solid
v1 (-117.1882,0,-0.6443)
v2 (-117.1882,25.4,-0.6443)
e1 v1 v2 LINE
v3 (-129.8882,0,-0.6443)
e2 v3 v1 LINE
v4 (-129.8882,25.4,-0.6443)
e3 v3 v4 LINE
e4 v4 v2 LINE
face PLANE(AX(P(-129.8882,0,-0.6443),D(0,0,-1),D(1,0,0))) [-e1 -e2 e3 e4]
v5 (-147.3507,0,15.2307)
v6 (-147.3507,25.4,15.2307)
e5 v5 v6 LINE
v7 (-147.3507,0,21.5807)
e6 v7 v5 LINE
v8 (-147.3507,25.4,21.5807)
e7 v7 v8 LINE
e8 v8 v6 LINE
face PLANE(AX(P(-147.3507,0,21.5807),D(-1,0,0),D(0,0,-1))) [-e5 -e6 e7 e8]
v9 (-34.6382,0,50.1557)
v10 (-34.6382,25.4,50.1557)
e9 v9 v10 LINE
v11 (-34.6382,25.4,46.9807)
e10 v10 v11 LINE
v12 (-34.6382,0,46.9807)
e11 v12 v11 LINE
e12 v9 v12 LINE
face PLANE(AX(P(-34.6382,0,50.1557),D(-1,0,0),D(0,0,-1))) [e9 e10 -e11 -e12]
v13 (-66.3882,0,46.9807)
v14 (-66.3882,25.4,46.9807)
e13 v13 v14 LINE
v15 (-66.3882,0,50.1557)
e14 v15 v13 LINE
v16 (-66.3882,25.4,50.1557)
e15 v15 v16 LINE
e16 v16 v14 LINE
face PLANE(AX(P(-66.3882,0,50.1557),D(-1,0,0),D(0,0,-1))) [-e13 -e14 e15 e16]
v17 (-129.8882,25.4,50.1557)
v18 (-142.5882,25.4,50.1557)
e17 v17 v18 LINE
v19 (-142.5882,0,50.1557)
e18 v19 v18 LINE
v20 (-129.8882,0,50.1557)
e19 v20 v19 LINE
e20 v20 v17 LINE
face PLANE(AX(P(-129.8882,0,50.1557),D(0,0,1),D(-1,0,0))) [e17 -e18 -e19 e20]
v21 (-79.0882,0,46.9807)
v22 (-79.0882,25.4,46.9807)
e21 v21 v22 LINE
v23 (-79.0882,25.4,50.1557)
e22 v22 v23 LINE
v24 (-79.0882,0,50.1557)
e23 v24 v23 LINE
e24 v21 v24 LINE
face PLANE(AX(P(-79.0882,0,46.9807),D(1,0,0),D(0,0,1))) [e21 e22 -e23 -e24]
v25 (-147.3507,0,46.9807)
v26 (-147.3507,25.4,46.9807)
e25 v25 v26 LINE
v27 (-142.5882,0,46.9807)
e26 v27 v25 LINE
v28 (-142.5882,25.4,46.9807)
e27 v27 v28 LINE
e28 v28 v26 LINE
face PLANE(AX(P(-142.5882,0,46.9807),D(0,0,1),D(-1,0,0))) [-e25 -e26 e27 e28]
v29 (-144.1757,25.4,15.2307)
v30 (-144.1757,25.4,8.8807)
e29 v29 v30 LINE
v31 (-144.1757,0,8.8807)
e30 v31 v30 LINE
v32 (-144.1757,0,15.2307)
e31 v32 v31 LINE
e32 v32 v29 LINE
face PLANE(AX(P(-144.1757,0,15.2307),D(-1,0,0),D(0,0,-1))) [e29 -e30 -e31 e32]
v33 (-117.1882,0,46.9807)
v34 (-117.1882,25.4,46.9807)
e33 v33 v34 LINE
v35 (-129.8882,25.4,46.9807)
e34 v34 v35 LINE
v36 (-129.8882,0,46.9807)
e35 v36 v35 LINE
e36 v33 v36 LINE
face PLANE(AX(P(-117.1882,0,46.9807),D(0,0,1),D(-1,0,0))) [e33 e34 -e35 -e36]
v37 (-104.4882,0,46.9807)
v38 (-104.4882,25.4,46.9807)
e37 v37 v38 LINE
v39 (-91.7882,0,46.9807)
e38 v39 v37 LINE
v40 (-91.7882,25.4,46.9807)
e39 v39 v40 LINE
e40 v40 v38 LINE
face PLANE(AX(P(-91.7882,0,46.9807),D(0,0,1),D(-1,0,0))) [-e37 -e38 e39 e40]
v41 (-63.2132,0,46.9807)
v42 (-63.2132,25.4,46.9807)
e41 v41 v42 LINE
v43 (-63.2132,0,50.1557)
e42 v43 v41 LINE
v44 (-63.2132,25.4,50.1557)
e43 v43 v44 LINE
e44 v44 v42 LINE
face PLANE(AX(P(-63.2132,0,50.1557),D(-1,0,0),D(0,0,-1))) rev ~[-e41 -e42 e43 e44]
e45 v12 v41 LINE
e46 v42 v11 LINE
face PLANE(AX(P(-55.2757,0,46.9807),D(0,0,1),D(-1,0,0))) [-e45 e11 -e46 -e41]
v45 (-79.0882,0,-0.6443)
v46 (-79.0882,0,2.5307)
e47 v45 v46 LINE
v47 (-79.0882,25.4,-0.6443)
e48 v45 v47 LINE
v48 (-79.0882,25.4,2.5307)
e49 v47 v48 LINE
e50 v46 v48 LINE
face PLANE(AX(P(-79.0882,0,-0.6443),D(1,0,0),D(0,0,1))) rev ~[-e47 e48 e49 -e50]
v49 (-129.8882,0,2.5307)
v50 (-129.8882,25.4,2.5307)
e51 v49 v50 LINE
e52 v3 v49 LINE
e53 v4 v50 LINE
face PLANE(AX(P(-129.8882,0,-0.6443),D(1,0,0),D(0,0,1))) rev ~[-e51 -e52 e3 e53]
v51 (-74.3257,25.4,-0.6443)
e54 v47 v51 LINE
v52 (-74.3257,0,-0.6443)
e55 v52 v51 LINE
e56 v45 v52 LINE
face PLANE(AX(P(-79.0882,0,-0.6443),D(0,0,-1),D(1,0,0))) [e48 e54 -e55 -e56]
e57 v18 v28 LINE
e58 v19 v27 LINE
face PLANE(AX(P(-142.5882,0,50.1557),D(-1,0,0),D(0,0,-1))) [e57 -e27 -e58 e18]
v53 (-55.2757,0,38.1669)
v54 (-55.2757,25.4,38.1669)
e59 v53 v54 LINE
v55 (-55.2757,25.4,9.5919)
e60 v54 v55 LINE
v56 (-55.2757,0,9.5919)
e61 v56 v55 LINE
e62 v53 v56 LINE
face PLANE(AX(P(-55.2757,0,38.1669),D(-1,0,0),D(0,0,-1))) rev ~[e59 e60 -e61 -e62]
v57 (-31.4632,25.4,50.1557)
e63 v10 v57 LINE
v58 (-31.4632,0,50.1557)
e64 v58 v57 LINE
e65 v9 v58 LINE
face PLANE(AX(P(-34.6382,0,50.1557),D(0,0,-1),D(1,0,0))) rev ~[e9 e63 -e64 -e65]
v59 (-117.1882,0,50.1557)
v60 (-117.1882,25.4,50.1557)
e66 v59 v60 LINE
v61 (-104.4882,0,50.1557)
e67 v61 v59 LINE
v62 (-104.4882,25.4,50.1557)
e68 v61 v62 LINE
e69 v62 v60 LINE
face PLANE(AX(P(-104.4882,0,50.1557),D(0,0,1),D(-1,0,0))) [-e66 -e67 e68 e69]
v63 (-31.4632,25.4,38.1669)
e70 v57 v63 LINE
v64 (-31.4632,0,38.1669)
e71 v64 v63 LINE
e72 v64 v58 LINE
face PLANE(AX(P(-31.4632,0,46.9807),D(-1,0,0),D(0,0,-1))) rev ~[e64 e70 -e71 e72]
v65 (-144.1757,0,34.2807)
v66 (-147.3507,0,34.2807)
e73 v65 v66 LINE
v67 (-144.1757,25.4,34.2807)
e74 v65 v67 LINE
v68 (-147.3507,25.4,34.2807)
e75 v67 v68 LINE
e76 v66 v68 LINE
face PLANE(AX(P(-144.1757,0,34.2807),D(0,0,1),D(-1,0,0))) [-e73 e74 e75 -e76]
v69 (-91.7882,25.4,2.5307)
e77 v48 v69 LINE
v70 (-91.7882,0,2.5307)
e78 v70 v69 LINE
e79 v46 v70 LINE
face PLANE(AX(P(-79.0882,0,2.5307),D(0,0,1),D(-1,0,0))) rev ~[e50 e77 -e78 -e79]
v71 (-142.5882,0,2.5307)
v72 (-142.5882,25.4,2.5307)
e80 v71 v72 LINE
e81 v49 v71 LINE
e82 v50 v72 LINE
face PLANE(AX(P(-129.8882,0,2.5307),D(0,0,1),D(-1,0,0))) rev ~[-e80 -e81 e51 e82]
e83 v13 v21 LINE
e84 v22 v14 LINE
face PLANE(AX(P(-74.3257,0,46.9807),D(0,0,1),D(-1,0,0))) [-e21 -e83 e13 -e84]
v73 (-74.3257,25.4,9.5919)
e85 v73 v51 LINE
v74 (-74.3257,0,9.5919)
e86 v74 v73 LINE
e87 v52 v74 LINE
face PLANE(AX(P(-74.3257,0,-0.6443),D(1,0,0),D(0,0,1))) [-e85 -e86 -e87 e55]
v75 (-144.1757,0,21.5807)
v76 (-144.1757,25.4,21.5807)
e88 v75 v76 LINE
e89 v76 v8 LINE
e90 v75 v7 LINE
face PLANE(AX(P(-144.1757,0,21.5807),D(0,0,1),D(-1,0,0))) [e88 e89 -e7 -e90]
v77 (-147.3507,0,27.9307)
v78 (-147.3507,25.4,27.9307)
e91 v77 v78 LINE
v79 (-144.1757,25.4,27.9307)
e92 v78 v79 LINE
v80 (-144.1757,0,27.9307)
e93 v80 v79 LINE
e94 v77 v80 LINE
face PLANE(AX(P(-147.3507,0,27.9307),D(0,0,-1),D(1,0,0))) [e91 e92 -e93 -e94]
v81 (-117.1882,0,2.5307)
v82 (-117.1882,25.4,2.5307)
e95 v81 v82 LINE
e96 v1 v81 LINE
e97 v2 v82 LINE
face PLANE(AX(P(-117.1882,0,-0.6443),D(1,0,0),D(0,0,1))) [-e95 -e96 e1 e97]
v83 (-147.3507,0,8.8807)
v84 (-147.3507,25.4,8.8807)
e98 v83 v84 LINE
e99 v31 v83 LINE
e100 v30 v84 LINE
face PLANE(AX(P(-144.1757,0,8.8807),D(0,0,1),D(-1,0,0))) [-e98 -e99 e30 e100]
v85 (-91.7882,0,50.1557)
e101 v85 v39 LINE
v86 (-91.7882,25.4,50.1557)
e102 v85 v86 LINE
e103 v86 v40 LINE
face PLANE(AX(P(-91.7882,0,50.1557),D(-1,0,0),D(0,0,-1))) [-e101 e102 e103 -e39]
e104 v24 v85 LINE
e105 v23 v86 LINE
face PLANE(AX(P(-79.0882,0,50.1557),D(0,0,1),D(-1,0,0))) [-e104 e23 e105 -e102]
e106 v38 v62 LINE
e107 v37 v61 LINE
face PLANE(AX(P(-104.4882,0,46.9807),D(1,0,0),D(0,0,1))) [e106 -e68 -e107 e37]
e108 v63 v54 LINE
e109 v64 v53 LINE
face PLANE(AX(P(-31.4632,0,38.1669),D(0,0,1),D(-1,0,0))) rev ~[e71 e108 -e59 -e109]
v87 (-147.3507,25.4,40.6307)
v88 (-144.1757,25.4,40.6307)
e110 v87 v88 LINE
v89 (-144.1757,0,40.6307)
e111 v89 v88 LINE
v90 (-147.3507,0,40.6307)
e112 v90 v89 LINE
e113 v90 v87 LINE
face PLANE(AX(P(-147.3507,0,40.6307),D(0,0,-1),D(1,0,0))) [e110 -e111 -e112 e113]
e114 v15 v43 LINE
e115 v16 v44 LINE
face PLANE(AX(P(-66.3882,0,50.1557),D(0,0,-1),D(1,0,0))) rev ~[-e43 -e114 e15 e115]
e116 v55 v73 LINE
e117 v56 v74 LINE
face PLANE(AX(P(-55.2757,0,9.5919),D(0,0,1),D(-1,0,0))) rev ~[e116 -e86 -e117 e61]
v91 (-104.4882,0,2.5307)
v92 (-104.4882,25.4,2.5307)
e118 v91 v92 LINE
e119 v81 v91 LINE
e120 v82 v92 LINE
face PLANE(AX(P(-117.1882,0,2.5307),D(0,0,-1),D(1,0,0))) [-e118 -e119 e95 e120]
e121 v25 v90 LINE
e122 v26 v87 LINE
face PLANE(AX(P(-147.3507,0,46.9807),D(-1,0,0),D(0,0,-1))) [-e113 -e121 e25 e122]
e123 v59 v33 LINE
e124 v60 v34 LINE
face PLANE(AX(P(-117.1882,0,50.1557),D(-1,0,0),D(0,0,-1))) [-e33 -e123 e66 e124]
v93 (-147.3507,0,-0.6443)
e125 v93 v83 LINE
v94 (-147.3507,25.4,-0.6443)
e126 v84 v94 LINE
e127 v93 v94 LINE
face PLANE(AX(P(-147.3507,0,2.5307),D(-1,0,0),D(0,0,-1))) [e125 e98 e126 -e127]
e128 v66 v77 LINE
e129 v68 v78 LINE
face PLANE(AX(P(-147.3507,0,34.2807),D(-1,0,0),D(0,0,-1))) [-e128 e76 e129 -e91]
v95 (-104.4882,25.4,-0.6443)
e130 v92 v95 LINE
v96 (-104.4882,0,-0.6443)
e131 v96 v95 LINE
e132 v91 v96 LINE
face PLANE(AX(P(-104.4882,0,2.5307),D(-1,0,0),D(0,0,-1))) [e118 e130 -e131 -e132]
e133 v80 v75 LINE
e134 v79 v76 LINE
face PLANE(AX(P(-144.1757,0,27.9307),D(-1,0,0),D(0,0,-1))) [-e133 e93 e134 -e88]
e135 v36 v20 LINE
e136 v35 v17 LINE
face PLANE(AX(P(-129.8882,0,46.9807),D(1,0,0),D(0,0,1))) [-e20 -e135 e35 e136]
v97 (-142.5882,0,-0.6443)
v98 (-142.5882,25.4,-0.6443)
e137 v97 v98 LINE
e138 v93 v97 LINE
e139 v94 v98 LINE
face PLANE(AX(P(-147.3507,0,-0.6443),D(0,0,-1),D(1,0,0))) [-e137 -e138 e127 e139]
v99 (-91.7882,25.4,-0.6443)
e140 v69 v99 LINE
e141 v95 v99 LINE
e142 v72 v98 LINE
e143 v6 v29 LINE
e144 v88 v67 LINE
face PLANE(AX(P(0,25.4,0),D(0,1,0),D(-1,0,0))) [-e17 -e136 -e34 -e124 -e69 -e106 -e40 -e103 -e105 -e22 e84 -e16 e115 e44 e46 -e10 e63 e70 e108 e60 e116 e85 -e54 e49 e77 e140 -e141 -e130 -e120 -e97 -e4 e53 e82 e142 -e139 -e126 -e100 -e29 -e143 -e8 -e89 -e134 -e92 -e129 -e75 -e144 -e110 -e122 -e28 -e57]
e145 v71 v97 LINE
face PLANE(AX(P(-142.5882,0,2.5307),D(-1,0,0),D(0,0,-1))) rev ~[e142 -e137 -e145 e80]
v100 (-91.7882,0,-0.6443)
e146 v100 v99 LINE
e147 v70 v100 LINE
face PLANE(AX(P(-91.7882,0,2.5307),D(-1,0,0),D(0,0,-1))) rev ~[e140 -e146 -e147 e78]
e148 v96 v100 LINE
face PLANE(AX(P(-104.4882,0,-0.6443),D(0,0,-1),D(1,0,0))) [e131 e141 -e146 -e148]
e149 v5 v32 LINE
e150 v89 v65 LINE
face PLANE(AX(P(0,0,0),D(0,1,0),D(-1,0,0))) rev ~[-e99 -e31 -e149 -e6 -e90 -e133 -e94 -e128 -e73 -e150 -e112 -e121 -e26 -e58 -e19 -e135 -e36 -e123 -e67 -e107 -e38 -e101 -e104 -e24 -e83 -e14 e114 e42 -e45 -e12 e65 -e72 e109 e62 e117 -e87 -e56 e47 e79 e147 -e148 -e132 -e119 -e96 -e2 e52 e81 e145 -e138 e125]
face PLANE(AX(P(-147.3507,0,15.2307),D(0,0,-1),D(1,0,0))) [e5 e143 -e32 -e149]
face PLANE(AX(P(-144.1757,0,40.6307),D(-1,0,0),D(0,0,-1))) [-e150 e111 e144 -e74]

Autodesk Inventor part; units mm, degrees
ref_plane "YZ Plane" through (0, 0, 0) normal (1, 0, 0) x (0, 1, 0)
ref_plane "XZ Plane" through (0, 0, 0) normal (0, 1, 0) x (-1, 0, 0)
ref_plane "XY Plane" through (0, 0, 0) normal (0, 0, 1) x (1, 0, 0)
sketch "Sketch1" plane through (0, 0, 0) normal (0, 1, 0) x (-1, 0, 0)
  line L0 (147.3507, -0.6443) -> (74.3257, -0.6443)
  line L1 (74.3257, -0.6443) -> (74.3257, 50.1557)
  line L2 (74.3257, 50.1557) -> (147.3507, 50.1557)
  line L3 (147.3507, 50.1557) -> (147.3507, -0.6443)
  line L4 (147.3507, 50.1557) -> (142.5882, 50.1557)
  line L5 (142.5882, 50.1557) -> (142.5882, 46.9807)
  line L6 (142.5882, 46.9807) -> (147.3507, 46.9807)
  line L7 (147.3507, 46.9807) -> (147.3507, 50.1557)
  line L8 (129.8882, 50.1557) -> (117.1882, 50.1557)
  line L9 (117.1882, 50.1557) -> (117.1882, 46.9807)
  line L10 (117.1882, 46.9807) -> (129.8882, 46.9807)
  line L11 (129.8882, 46.9807) -> (129.8882, 50.1557)
  line L12 (104.4882, 50.1557) -> (91.7882, 50.1557)
  line L13 (91.7882, 50.1557) -> (91.7882, 46.9807)
  line L14 (91.7882, 46.9807) -> (104.4882, 46.9807)
  line L15 (104.4882, 46.9807) -> (104.4882, 50.1557)
  line L16 (147.3507, 2.5307) -> (147.3507, -0.6443)
  line L17 (129.8882, -0.6443) -> (117.1882, -0.6443)
  line L18 (104.4882, -0.6443) -> (91.7882, -0.6443)
  line L19 (147.3507, 8.8807) -> (147.3507, 15.2307)
  line L20 (147.3507, 15.2307) -> (144.1757, 15.2307)
  line L21 (144.1757, 15.2307) -> (144.1757, 8.8807)
  line L22 (144.1757, 8.8807) -> (147.3507, 8.8807)
  line L23 (147.3507, 21.5807) -> (147.3507, 27.9307)
  line L24 (147.3507, 27.9307) -> (144.1757, 27.9307)
  line L25 (144.1757, 27.9307) -> (144.1757, 21.5807)
  line L26 (144.1757, 21.5807) -> (147.3507, 21.5807)
  line L27 (147.3507, 34.2807) -> (147.3507, 40.6307)
  line L28 (147.3507, 40.6307) -> (144.1757, 40.6307)
  line L29 (144.1757, 40.6307) -> (144.1757, 34.2807)
  line L30 (144.1757, 34.2807) -> (147.3507, 34.2807)
  line L31 (74.3257, 46.9807) -> (74.3257, 50.1557)
  line L32 (74.3257, 2.5307) -> (74.3257, -0.6443)
  line L33 (79.0882, -0.6443) -> (79.0882, 2.5307)
  line L34 (79.0882, 2.5307) -> (91.7882, 2.5307)
  line L35 (91.7882, 2.5307) -> (91.7882, -0.6443)
  line L36 (91.7882, -0.6443) -> (79.0882, -0.6443)
  line L37 (104.4882, 2.5307) -> (104.4882, -0.6443)
  line L38 (104.4882, -0.6443) -> (117.1882, -0.6443)
  line L39 (117.1882, -0.6443) -> (117.1882, 2.5307)
  line L40 (117.1882, 2.5307) -> (104.4882, 2.5307)
  line L41 (129.8882, -0.6443) -> (129.8882, 2.5307)
  line L42 (129.8882, 2.5307) -> (142.5882, 2.5307)
  line L43 (142.5882, 2.5307) -> (142.5882, -0.6443)
  line L44 (142.5882, -0.6443) -> (129.8882, -0.6443)
  line L45 (74.3257, 50.1557) -> (74.3257, 18.4057)
  line L46 (74.3257, 46.9807) -> (74.3257, 50.1557)
  line L47 (79.0882, 50.1557) -> (66.3882, 50.1557)
  line L48 (66.3882, 50.1557) -> (66.3882, 46.9807)
  line L49 (66.3882, 46.9807) -> (79.0882, 46.9807)
  line L50 (79.0882, 46.9807) -> (79.0882, 50.1557)
  line L51 (66.3882, 50.1557) -> (63.2132, 50.1557)
  line L52 (63.2132, 50.1557) -> (63.2132, 46.9807)
  line L53 (63.2132, 46.9807) -> (66.3882, 46.9807)
  line L54 (66.3882, 46.9807) -> (66.3882, 50.1557)
  line L55 (63.2132, 50.1557) -> (31.4632, 50.1557)
  line L56 (31.4632, 50.1557) -> (31.4632, 38.1669)
  line L57 (31.4632, 38.1669) -> (63.2132, 38.1669)
  line L58 (63.2132, 38.1669) -> (63.2132, 50.1557)
  line L59 (63.2132, 46.9807) -> (63.2132, 50.1557)
  line L60 (63.2132, 50.1557) -> (31.4632, 50.1557)
  line L61 (31.4632, 50.1557) -> (31.4632, 46.9807)
  line L62 (31.4632, 46.9807) -> (63.2132, 46.9807)
  line L63 (31.4632, 50.1557) -> (34.6382, 50.1557)
  line L64 (34.6382, 50.1557) -> (34.6382, 46.9807)
  line L65 (34.6382, 46.9807) -> (31.4632, 46.9807)
  line L66 (31.4632, 46.9807) -> (31.4632, 50.1557)
  line L67 (74.3257, 46.9807) -> (55.2757, 46.9807)
  line L68 (55.2757, 46.9807) -> (55.2757, 9.5919)
  line L69 (55.2757, 9.5919) -> (74.3257, 9.5919)
  line L70 (74.3257, 9.5919) -> (74.3257, 46.9807)
  point P0 (0, 0)
  point P1 (79.0882, -0.6443)
  point P2 (91.7882, -0.6443)
  point P3 (104.4882, -0.6443)
  point P4 (117.1882, -0.6443)
  point P5 (129.8882, -0.6443)
  point P6 (142.5882, -0.6443)
  point P7 (55.2757, 38.1669)
  dimension "d103" = 73.025
  dimension "d105" = 4.7625
  dimension "d106" = 3.175
  dimension "d107" = 12.7
  dimension "d108" = 3.175
  dimension "d109" = 12.7
  dimension "d110" = 3.175
  dimension "d111" = 12.7
  dimension "d112" = 12.7
  dimension "d121" = 6.35
  dimension "d122" = 3.175
  dimension "d123" = 6.35
  dimension "d124" = 3.175
  dimension "d126" = 6.35
  dimension "d127" = 6.35
  dimension "d128" = 3.175
  dimension "d129" = 6.35
  dimension "d146" = 3.175
  dimension "d147" = 12.7
  dimension "d148" = 0
  dimension "d149" = 4.7625
  dimension "d150" = 3.175
  dimension "d151" = 12.7
  dimension "d152" = 12.7
  dimension "d153" = 0
  dimension "d154" = 3.175
  dimension "d155" = 12.7
  dimension "d156" = 12.7
  dimension "d161" = 0
  dimension "d168" = 12.7
  dimension "d169" = 3.175
  dimension "d170" = 12.7
  dimension "d171" = 3.175
  dimension "d172" = 3.175
  dimension "d182" = 31.75
  dimension "d183" = 11.9888
  dimension "d186" = 3.175
  dimension "d195" = 19.05
  dimension "d196" = 37.3888
extrude "Extrusion15" add sketch "Sketch1" along normal blind 25.4 contours L0 L43 L42 L41 L39 L40 L37 L35 L34 L33 L1 L49 L50 L2 L13 L14 L15 L9 L10 L11 L5 L6 L3 L28 L29 L30 L24 L25 L26 L20 L21 L22 | L69 L68 L57 L58 L53 L49 L1 | L68 L62 L58 L57 | L57 L56 L62 L68 | L53 L52 L51 L48 | L56 L55 L64 L62
equation "\"BendRadius\" = Thickness"
equation "\"BendReliefWidth\" = Thickness"
equation "\"BendReliefDepth\" = 0.5 * Thickness"
equation "\"CornerReliefSize\" = 4 * Thickness"
equation "\"MinimumRemnant\" = 2 * Thickness"
equation "\"TransitionRadius\" = BendRadius"
equation "\"JacobiRadiusSize\" = BendRadius"
equation "\"GapSize\" = Thickness"
equation "\"Thickness\" = 3.048"
properties part number "V9_BURROW_SIDE"
